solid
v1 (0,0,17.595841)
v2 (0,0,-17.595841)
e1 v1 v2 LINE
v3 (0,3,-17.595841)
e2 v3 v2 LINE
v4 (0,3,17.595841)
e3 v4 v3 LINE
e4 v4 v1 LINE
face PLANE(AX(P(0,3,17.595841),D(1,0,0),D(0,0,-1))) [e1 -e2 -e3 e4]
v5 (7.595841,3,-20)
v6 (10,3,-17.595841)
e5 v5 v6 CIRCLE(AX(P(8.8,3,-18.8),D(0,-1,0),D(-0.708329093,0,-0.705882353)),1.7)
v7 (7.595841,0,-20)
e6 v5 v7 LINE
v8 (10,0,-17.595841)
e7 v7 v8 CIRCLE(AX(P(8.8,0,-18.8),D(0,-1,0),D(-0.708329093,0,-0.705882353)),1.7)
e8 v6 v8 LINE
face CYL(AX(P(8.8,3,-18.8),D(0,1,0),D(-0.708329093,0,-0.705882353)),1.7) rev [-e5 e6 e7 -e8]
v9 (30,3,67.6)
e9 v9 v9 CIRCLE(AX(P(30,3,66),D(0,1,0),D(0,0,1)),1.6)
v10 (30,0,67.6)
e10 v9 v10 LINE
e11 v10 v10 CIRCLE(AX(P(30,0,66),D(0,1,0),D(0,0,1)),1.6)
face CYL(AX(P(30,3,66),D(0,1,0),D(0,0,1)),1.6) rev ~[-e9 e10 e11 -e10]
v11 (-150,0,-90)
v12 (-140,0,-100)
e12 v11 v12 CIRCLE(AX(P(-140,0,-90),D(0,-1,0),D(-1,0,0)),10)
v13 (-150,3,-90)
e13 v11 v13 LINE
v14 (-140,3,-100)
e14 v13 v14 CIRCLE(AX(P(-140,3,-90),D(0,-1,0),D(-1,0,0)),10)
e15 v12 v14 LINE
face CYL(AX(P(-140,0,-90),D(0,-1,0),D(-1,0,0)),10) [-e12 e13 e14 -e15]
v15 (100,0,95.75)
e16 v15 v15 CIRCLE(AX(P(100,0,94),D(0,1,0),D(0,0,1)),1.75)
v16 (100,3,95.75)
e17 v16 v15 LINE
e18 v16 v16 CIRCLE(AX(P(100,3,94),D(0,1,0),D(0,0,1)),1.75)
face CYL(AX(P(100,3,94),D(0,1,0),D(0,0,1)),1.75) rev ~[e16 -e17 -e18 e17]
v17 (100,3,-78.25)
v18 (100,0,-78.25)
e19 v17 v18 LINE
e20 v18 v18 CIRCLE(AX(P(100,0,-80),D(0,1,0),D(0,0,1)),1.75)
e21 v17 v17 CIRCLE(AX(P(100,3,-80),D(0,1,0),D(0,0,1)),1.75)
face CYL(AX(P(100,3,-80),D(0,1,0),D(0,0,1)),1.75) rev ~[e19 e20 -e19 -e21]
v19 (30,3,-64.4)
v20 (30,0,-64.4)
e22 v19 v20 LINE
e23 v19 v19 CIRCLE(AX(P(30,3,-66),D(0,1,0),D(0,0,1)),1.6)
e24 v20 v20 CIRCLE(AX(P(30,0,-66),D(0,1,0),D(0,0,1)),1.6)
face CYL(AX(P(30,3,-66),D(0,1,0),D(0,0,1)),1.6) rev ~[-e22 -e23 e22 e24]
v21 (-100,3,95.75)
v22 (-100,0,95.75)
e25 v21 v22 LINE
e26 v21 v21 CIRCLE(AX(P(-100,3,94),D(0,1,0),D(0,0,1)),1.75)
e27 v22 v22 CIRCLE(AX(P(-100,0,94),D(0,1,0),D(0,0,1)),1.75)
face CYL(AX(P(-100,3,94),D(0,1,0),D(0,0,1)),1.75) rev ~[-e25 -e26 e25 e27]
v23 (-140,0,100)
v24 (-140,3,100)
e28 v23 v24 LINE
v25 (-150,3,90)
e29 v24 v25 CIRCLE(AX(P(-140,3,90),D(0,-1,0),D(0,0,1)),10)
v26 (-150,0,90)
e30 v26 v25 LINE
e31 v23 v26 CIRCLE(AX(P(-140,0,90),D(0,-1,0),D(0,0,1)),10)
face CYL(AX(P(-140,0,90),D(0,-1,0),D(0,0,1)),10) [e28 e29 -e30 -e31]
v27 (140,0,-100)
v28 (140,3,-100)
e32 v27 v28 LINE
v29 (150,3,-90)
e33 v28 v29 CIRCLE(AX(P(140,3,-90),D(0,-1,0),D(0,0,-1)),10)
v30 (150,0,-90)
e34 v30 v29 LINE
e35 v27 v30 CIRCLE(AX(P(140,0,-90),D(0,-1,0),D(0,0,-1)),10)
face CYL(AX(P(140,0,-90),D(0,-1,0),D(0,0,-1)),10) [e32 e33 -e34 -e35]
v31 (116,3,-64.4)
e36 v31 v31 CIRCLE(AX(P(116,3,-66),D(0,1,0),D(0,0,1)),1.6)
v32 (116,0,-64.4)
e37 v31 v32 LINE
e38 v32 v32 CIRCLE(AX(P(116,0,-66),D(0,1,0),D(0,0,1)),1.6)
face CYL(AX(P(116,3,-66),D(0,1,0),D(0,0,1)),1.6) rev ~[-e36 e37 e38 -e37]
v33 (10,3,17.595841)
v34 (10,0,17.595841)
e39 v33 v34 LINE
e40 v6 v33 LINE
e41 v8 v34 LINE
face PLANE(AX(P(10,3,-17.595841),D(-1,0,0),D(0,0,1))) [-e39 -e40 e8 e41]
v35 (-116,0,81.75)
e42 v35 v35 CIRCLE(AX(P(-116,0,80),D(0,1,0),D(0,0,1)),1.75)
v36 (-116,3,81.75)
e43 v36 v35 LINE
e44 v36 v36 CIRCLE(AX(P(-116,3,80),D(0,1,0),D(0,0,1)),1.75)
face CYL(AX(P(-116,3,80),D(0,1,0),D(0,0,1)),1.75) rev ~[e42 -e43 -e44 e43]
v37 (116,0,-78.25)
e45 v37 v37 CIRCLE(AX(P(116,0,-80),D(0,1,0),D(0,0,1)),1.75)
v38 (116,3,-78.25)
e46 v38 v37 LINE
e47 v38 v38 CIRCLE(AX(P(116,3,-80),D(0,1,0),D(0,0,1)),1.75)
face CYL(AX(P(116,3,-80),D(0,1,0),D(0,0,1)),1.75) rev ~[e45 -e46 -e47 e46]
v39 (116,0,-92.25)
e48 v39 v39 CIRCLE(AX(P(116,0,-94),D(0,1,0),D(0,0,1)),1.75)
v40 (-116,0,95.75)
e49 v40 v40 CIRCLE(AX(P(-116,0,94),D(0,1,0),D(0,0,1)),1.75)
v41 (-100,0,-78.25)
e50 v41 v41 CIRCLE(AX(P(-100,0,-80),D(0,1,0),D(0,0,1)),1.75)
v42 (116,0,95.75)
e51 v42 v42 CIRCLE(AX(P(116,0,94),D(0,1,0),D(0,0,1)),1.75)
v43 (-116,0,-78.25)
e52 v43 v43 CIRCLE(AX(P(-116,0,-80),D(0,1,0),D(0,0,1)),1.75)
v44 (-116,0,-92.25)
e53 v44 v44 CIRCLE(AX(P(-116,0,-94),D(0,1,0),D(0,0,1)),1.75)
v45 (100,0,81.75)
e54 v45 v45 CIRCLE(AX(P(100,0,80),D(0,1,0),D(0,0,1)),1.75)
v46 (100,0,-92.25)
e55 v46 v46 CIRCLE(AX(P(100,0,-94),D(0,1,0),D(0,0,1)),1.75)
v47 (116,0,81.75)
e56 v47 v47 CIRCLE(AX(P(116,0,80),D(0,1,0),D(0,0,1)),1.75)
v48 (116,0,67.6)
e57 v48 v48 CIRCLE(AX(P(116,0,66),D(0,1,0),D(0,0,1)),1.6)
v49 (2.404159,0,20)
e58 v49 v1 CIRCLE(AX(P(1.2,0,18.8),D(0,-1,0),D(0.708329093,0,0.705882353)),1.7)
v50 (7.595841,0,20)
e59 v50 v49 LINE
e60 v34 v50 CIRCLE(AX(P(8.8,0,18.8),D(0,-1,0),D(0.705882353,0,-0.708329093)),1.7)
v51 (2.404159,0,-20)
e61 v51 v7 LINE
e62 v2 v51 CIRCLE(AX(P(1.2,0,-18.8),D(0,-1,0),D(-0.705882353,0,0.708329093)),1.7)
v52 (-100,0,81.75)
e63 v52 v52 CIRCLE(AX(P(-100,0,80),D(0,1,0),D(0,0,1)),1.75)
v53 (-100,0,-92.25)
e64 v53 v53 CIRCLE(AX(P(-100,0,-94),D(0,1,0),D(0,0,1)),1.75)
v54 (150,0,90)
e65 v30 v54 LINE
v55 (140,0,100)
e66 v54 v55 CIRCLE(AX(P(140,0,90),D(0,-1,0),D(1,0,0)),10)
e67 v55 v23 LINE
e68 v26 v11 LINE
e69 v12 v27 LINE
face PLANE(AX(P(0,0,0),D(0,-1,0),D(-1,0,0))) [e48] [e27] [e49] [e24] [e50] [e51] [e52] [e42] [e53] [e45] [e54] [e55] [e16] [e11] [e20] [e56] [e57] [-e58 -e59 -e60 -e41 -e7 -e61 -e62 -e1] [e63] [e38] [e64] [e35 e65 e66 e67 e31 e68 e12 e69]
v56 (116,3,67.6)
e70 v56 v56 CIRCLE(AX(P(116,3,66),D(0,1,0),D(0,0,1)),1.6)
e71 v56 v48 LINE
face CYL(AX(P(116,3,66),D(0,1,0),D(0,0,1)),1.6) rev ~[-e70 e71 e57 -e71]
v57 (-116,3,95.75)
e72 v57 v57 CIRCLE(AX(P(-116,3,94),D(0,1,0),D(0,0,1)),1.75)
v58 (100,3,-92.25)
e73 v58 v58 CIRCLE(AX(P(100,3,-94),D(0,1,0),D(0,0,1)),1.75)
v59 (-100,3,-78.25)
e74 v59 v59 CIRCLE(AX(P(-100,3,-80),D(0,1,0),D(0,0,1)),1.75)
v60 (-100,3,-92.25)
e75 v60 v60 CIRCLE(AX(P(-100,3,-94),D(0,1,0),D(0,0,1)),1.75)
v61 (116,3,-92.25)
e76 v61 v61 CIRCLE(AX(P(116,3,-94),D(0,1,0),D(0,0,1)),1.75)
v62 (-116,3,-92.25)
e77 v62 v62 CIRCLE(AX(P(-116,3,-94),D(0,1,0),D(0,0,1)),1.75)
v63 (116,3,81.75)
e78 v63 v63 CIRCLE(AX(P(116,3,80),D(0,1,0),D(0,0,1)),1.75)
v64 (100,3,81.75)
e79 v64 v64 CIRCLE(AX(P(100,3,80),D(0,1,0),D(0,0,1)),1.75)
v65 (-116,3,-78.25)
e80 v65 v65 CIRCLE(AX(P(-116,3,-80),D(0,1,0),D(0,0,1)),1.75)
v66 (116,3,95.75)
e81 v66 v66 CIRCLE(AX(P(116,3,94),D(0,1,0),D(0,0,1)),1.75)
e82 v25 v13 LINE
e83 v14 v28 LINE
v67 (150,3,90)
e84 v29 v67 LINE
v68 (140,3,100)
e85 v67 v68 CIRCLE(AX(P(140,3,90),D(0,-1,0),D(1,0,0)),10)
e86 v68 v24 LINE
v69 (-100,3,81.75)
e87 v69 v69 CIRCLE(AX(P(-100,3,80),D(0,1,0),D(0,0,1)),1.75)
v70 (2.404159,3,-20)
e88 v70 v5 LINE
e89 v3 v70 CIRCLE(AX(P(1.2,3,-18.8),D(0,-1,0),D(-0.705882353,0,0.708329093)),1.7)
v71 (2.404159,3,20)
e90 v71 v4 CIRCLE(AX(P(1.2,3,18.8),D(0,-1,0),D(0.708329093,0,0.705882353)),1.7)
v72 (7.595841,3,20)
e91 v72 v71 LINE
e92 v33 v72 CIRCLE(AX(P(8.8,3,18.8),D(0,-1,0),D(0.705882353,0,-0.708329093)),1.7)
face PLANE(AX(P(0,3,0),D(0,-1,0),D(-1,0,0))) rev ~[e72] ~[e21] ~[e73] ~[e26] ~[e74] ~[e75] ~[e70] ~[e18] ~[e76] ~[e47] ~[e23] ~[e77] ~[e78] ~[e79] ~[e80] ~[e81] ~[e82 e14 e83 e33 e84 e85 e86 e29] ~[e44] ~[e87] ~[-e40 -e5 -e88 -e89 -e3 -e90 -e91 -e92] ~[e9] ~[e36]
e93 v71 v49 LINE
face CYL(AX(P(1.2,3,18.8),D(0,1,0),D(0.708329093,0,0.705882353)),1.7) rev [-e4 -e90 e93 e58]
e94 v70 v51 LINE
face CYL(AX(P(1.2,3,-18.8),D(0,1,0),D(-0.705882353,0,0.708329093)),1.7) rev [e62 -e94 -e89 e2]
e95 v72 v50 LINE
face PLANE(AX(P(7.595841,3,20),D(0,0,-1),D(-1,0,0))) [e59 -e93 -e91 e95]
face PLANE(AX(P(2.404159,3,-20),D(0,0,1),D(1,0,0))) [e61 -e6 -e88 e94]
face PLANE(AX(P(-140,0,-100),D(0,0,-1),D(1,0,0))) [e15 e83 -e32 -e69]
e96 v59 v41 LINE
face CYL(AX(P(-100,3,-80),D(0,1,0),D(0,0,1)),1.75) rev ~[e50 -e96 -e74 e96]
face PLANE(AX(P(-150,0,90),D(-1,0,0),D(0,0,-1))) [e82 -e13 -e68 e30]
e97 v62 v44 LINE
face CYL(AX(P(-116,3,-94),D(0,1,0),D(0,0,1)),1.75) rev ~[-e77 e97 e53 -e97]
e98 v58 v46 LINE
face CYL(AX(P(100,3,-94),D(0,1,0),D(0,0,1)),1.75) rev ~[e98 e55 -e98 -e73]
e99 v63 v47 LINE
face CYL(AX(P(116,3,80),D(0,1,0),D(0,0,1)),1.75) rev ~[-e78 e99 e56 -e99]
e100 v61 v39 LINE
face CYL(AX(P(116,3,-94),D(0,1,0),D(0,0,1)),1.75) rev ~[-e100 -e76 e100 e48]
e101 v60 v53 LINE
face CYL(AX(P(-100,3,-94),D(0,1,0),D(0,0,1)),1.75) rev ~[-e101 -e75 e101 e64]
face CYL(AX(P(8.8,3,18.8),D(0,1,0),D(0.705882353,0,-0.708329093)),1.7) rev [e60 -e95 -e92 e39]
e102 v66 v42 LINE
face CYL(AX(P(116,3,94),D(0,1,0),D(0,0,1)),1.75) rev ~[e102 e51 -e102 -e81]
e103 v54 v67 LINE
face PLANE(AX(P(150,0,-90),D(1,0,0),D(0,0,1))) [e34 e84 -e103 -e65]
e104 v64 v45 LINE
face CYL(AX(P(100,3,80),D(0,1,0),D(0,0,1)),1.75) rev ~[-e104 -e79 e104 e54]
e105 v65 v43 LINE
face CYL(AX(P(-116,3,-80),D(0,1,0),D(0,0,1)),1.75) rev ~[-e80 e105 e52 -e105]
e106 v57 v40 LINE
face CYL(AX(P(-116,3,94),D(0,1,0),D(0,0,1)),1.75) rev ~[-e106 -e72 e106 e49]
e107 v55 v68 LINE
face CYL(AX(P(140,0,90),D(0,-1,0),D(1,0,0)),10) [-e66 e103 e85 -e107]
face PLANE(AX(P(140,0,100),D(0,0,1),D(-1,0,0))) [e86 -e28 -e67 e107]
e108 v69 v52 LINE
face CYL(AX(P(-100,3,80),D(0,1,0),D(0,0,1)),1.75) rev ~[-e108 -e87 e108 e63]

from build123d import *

# Parameters (mm, degrees)
EXTRUDE_1_DEPTH     = 3
SKETCH_15_R         = 1.75
SKETCH_15_R_2       = 1.6
CUT_EXTRUDE_7_DEPTH = 3


with BuildPart() as part:
    # 草图1 → 凸台-拉伸1 (new body)
    with BuildSketch(Plane(origin=(0, 0, 0), x_dir=(1, 0, 0), z_dir=(0, 1, 0))):
        with BuildLine():
            Line((-140, 100), (140, 100))
            ThreePointArc((140, 100), (147.071067812, 97.071067812), (150, 90))
            Line((150, 90), (150, -90))
            ThreePointArc((150, -90), (147.071067812, -97.071067812), (140, -100))
            Line((140, -100), (-140, -100))
            ThreePointArc((-140, -100), (-147.071067812, -97.071067812), (-150, -90))
            Line((-150, -90), (-150, 90))
            ThreePointArc((-150, 90), (-147.071067812, 97.071067812), (-140, 100))
        make_face()
    extrude(amount=EXTRUDE_1_DEPTH)

    # 草图15 → 切除-拉伸7 (cut)
    with BuildSketch(Plane(origin=(0, 3, 0), x_dir=(1, 0, 0), z_dir=(0, 1, 0))):
        with Locations(Location((-116, 94, 0), (0, 0, 270))):
            Circle(SKETCH_15_R)
        with Locations(Location((-100, 94, 0), (0, 0, 270))):
            Circle(SKETCH_15_R)
        with Locations(Location((-116, 80, 0), (0, 0, 270))):
            Circle(SKETCH_15_R)
        with Locations(Location((-100, 80, 0), (0, 0, 270))):
            Circle(SKETCH_15_R)
        with Locations(Location((-116, -80, 0), (0, 0, 270))):
            Circle(SKETCH_15_R)
        with Locations(Location((-100, -80, 0), (0, 0, 270))):
            Circle(SKETCH_15_R)
        with Locations(Location((-116, -94, 0), (0, 0, 270))):
            Circle(SKETCH_15_R)
        with Locations(Location((-100, -94, 0), (0, 0, 270))):
            Circle(SKETCH_15_R)
        with Locations(Location((100, -80, 0), (0, 0, 270))):
            Circle(SKETCH_15_R)
        with Locations(Location((116, -80, 0), (0, 0, 270))):
            Circle(SKETCH_15_R)
        with Locations(Location((100, -94, 0), (0, 0, 270))):
            Circle(SKETCH_15_R)
        with Locations(Location((100, 94, 0), (0, 0, 270))):
            Circle(SKETCH_15_R)
        with Locations(Location((116, 94, 0), (0, 0, 270))):
            Circle(SKETCH_15_R)
        with Locations(Location((100, 80, 0), (0, 0, 270))):
            Circle(SKETCH_15_R)
        with Locations(Location((116, 80, 0), (0, 0, 270))):
            Circle(SKETCH_15_R)
        with Locations(Location((116, -94, 0), (0, 0, 270))):
            Circle(SKETCH_15_R)
        with Locations(Location((30, 66, 0), (0, 0, 270))):
            Circle(SKETCH_15_R_2)
        with Locations(Location((116, 66, 0), (0, 0, 270))):
            Circle(SKETCH_15_R_2)
        with Locations(Location((30, -66, 0), (0, 0, 270))):
            Circle(SKETCH_15_R_2)
        with Locations(Location((116, -66, 0), (0, 0, 270))):
            Circle(SKETCH_15_R_2)
        with BuildLine():
            Line((2.404159458, 20), (7.595840542, 20))
            ThreePointArc((7.595840542, 20), (10.002081528, 20.002081528), (10, 17.595840542))
            Line((10, 17.595840542), (10, -17.595840542))
            ThreePointArc((10, -17.595840542), (10.002081528, -20.002081528), (7.595840542, -20))
            Line((7.595840542, -20), (2.404159458, -20))
            ThreePointArc((2.404159458, -20), (-0.002081528, -20.002081528), (0, -17.595840542))
            Line((0, -17.595840542), (0, 17.595840542))
            ThreePointArc((0, 17.595840542), (-0.002081528, 20.002081528), (2.404159458, 20))
        make_face()
    extrude(amount=-CUT_EXTRUDE_7_DEPTH, mode=Mode.SUBTRACT)


solid = part.part
